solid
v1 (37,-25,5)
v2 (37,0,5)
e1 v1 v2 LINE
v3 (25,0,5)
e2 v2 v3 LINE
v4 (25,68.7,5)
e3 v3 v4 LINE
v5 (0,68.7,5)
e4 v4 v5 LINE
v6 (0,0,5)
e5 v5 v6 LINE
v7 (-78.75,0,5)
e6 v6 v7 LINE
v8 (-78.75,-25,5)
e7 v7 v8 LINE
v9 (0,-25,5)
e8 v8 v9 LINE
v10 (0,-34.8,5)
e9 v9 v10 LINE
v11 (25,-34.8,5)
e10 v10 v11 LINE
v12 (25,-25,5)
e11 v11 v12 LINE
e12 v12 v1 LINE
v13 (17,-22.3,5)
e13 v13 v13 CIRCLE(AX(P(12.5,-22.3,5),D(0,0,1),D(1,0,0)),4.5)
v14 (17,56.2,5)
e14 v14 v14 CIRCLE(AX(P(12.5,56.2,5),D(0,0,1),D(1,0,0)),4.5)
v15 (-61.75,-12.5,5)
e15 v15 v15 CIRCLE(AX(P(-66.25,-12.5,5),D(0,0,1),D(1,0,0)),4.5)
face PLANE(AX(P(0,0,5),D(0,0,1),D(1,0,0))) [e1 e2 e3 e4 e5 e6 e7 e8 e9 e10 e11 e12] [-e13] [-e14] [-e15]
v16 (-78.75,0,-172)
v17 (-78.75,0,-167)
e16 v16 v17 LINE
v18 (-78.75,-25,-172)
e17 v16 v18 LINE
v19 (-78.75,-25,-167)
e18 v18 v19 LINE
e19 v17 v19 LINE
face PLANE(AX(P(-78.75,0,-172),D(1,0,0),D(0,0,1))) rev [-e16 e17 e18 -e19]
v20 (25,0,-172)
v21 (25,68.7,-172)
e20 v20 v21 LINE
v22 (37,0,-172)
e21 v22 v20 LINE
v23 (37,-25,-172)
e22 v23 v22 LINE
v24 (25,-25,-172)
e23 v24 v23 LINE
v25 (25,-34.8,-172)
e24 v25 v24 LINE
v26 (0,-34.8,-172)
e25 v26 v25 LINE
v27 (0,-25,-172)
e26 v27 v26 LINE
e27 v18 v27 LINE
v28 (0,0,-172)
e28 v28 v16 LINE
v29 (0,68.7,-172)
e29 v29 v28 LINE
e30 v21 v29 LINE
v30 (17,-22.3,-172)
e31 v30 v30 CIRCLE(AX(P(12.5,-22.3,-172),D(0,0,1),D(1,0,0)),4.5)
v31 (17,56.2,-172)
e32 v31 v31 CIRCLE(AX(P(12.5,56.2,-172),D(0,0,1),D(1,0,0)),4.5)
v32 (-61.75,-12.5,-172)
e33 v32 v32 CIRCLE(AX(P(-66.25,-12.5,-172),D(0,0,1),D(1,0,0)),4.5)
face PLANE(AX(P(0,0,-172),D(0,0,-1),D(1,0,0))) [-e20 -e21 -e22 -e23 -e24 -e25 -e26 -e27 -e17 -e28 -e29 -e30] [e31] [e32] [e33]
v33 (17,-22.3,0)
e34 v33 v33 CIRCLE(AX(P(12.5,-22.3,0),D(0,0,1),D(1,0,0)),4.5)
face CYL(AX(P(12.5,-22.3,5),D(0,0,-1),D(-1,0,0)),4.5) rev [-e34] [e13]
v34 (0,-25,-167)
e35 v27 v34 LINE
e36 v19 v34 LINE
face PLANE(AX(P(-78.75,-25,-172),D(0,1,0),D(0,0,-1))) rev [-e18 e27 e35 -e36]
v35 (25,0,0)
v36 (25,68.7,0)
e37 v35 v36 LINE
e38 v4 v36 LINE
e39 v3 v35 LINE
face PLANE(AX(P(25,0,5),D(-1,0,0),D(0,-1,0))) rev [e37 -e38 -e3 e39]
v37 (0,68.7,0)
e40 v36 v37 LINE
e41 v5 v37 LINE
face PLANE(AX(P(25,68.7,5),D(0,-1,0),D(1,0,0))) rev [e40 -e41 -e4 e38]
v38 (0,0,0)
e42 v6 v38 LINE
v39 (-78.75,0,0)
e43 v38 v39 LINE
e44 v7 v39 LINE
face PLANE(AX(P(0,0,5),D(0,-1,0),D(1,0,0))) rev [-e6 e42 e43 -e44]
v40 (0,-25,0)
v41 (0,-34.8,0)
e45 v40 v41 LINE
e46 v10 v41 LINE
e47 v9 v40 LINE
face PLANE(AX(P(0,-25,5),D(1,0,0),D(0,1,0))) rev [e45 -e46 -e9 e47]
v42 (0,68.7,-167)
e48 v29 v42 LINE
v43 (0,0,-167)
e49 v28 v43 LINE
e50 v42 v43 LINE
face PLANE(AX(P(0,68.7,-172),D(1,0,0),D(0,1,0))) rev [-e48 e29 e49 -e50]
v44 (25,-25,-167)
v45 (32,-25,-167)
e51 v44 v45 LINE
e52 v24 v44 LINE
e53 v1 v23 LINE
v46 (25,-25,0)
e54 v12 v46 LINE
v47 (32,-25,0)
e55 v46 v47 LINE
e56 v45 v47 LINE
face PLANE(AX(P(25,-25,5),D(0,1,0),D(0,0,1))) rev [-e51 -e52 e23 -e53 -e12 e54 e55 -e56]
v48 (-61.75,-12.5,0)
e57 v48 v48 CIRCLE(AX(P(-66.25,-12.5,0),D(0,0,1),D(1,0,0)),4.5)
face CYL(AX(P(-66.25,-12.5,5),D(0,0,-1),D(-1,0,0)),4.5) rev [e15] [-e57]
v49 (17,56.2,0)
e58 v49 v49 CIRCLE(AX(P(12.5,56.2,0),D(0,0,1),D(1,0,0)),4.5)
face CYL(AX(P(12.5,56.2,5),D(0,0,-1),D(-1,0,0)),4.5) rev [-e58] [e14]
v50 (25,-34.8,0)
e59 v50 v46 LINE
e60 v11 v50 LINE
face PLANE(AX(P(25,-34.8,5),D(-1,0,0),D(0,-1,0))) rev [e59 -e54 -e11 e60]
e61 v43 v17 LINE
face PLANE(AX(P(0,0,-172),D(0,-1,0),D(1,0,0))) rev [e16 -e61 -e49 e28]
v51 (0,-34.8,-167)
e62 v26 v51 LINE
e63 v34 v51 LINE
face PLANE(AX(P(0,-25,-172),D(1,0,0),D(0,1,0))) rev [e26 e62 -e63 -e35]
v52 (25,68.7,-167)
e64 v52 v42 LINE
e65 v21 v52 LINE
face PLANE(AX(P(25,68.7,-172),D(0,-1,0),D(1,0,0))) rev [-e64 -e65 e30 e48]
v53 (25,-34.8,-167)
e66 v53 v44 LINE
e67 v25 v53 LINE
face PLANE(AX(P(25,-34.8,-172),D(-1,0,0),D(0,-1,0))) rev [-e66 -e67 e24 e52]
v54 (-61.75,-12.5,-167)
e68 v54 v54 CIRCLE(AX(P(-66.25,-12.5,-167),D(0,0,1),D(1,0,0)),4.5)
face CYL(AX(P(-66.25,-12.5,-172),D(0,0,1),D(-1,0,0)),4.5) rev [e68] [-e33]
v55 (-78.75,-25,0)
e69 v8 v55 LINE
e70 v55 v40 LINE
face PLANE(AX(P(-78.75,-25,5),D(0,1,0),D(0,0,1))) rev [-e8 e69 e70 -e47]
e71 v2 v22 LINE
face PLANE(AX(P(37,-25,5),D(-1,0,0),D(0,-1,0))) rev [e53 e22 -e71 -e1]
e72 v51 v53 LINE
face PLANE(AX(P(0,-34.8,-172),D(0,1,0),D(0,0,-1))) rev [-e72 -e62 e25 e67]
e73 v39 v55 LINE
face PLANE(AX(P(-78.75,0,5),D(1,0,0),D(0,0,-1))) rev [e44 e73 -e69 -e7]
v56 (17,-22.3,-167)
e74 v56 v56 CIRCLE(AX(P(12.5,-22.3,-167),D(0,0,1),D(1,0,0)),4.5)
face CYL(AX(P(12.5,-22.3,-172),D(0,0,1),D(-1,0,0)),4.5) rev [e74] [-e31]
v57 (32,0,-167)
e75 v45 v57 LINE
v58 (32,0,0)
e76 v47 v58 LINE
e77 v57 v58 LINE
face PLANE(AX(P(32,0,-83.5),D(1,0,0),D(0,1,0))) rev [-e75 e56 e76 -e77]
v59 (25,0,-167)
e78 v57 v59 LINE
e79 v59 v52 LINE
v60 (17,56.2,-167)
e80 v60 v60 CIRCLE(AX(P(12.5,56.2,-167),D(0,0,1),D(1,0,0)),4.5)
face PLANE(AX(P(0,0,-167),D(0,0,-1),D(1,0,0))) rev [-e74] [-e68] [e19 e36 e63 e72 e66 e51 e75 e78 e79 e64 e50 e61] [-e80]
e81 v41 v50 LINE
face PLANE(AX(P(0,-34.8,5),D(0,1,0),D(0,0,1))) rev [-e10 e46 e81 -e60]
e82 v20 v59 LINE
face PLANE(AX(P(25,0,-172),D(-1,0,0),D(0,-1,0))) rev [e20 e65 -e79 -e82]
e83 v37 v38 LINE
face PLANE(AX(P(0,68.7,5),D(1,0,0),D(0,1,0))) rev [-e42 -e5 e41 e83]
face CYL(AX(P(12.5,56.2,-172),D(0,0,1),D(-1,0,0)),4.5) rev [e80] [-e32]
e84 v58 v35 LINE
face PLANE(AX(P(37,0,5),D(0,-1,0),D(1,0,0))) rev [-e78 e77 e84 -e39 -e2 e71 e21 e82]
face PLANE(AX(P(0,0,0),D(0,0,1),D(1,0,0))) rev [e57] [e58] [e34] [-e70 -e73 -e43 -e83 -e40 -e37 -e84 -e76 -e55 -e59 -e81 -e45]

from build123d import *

# Parameters (mm, degrees)
SKETCH1_R           = 4.5
BOSS_EXTRUDE1_DEPTH = 5
SKETCH2_W           = 5
SKETCH2_H           = 25
BOSS_EXTRUDE2_DEPTH = 83.5


with BuildPart() as part:
    # Sketch1 → Boss-Extrude1 (new body)
    with BuildSketch(Plane.XY):
        Polygon((0, 0), (-78.75, 0), (-78.75, -25), (0, -25), (0, -34.8), (25, -34.8), (25, -25), (37, -25), (37, 0), (25, 0), (25, 68.7), (0, 68.7), align=None)
        with Locations((-66.25, -12.5)):
            Circle(SKETCH1_R, mode=Mode.SUBTRACT)
        with Locations((12.5, -22.3)):
            Circle(SKETCH1_R, mode=Mode.SUBTRACT)
        with Locations((12.5, 56.2)):
            Circle(SKETCH1_R, mode=Mode.SUBTRACT)
    extrude(amount=BOSS_EXTRUDE1_DEPTH)

    # Sketch2 → Boss-Extrude2 (add)
    with BuildSketch(Plane(origin=(0, 0, 0), x_dir=(-1, 0, 0), z_dir=(0, 0, -1))):
        with Locations((-34.5, -12.5)):
            Rectangle(SKETCH2_W, SKETCH2_H)
    extrude(amount=BOSS_EXTRUDE2_DEPTH)

    # Mirror5: part across plane


with BuildPart() as part_1:
    add(part.part)
    add(part.part.mirror(Plane(origin=(0, 0, -83.5), x_dir=(1, 0, 0), z_dir=(0, 0, -1))))


solid = part_1.part
